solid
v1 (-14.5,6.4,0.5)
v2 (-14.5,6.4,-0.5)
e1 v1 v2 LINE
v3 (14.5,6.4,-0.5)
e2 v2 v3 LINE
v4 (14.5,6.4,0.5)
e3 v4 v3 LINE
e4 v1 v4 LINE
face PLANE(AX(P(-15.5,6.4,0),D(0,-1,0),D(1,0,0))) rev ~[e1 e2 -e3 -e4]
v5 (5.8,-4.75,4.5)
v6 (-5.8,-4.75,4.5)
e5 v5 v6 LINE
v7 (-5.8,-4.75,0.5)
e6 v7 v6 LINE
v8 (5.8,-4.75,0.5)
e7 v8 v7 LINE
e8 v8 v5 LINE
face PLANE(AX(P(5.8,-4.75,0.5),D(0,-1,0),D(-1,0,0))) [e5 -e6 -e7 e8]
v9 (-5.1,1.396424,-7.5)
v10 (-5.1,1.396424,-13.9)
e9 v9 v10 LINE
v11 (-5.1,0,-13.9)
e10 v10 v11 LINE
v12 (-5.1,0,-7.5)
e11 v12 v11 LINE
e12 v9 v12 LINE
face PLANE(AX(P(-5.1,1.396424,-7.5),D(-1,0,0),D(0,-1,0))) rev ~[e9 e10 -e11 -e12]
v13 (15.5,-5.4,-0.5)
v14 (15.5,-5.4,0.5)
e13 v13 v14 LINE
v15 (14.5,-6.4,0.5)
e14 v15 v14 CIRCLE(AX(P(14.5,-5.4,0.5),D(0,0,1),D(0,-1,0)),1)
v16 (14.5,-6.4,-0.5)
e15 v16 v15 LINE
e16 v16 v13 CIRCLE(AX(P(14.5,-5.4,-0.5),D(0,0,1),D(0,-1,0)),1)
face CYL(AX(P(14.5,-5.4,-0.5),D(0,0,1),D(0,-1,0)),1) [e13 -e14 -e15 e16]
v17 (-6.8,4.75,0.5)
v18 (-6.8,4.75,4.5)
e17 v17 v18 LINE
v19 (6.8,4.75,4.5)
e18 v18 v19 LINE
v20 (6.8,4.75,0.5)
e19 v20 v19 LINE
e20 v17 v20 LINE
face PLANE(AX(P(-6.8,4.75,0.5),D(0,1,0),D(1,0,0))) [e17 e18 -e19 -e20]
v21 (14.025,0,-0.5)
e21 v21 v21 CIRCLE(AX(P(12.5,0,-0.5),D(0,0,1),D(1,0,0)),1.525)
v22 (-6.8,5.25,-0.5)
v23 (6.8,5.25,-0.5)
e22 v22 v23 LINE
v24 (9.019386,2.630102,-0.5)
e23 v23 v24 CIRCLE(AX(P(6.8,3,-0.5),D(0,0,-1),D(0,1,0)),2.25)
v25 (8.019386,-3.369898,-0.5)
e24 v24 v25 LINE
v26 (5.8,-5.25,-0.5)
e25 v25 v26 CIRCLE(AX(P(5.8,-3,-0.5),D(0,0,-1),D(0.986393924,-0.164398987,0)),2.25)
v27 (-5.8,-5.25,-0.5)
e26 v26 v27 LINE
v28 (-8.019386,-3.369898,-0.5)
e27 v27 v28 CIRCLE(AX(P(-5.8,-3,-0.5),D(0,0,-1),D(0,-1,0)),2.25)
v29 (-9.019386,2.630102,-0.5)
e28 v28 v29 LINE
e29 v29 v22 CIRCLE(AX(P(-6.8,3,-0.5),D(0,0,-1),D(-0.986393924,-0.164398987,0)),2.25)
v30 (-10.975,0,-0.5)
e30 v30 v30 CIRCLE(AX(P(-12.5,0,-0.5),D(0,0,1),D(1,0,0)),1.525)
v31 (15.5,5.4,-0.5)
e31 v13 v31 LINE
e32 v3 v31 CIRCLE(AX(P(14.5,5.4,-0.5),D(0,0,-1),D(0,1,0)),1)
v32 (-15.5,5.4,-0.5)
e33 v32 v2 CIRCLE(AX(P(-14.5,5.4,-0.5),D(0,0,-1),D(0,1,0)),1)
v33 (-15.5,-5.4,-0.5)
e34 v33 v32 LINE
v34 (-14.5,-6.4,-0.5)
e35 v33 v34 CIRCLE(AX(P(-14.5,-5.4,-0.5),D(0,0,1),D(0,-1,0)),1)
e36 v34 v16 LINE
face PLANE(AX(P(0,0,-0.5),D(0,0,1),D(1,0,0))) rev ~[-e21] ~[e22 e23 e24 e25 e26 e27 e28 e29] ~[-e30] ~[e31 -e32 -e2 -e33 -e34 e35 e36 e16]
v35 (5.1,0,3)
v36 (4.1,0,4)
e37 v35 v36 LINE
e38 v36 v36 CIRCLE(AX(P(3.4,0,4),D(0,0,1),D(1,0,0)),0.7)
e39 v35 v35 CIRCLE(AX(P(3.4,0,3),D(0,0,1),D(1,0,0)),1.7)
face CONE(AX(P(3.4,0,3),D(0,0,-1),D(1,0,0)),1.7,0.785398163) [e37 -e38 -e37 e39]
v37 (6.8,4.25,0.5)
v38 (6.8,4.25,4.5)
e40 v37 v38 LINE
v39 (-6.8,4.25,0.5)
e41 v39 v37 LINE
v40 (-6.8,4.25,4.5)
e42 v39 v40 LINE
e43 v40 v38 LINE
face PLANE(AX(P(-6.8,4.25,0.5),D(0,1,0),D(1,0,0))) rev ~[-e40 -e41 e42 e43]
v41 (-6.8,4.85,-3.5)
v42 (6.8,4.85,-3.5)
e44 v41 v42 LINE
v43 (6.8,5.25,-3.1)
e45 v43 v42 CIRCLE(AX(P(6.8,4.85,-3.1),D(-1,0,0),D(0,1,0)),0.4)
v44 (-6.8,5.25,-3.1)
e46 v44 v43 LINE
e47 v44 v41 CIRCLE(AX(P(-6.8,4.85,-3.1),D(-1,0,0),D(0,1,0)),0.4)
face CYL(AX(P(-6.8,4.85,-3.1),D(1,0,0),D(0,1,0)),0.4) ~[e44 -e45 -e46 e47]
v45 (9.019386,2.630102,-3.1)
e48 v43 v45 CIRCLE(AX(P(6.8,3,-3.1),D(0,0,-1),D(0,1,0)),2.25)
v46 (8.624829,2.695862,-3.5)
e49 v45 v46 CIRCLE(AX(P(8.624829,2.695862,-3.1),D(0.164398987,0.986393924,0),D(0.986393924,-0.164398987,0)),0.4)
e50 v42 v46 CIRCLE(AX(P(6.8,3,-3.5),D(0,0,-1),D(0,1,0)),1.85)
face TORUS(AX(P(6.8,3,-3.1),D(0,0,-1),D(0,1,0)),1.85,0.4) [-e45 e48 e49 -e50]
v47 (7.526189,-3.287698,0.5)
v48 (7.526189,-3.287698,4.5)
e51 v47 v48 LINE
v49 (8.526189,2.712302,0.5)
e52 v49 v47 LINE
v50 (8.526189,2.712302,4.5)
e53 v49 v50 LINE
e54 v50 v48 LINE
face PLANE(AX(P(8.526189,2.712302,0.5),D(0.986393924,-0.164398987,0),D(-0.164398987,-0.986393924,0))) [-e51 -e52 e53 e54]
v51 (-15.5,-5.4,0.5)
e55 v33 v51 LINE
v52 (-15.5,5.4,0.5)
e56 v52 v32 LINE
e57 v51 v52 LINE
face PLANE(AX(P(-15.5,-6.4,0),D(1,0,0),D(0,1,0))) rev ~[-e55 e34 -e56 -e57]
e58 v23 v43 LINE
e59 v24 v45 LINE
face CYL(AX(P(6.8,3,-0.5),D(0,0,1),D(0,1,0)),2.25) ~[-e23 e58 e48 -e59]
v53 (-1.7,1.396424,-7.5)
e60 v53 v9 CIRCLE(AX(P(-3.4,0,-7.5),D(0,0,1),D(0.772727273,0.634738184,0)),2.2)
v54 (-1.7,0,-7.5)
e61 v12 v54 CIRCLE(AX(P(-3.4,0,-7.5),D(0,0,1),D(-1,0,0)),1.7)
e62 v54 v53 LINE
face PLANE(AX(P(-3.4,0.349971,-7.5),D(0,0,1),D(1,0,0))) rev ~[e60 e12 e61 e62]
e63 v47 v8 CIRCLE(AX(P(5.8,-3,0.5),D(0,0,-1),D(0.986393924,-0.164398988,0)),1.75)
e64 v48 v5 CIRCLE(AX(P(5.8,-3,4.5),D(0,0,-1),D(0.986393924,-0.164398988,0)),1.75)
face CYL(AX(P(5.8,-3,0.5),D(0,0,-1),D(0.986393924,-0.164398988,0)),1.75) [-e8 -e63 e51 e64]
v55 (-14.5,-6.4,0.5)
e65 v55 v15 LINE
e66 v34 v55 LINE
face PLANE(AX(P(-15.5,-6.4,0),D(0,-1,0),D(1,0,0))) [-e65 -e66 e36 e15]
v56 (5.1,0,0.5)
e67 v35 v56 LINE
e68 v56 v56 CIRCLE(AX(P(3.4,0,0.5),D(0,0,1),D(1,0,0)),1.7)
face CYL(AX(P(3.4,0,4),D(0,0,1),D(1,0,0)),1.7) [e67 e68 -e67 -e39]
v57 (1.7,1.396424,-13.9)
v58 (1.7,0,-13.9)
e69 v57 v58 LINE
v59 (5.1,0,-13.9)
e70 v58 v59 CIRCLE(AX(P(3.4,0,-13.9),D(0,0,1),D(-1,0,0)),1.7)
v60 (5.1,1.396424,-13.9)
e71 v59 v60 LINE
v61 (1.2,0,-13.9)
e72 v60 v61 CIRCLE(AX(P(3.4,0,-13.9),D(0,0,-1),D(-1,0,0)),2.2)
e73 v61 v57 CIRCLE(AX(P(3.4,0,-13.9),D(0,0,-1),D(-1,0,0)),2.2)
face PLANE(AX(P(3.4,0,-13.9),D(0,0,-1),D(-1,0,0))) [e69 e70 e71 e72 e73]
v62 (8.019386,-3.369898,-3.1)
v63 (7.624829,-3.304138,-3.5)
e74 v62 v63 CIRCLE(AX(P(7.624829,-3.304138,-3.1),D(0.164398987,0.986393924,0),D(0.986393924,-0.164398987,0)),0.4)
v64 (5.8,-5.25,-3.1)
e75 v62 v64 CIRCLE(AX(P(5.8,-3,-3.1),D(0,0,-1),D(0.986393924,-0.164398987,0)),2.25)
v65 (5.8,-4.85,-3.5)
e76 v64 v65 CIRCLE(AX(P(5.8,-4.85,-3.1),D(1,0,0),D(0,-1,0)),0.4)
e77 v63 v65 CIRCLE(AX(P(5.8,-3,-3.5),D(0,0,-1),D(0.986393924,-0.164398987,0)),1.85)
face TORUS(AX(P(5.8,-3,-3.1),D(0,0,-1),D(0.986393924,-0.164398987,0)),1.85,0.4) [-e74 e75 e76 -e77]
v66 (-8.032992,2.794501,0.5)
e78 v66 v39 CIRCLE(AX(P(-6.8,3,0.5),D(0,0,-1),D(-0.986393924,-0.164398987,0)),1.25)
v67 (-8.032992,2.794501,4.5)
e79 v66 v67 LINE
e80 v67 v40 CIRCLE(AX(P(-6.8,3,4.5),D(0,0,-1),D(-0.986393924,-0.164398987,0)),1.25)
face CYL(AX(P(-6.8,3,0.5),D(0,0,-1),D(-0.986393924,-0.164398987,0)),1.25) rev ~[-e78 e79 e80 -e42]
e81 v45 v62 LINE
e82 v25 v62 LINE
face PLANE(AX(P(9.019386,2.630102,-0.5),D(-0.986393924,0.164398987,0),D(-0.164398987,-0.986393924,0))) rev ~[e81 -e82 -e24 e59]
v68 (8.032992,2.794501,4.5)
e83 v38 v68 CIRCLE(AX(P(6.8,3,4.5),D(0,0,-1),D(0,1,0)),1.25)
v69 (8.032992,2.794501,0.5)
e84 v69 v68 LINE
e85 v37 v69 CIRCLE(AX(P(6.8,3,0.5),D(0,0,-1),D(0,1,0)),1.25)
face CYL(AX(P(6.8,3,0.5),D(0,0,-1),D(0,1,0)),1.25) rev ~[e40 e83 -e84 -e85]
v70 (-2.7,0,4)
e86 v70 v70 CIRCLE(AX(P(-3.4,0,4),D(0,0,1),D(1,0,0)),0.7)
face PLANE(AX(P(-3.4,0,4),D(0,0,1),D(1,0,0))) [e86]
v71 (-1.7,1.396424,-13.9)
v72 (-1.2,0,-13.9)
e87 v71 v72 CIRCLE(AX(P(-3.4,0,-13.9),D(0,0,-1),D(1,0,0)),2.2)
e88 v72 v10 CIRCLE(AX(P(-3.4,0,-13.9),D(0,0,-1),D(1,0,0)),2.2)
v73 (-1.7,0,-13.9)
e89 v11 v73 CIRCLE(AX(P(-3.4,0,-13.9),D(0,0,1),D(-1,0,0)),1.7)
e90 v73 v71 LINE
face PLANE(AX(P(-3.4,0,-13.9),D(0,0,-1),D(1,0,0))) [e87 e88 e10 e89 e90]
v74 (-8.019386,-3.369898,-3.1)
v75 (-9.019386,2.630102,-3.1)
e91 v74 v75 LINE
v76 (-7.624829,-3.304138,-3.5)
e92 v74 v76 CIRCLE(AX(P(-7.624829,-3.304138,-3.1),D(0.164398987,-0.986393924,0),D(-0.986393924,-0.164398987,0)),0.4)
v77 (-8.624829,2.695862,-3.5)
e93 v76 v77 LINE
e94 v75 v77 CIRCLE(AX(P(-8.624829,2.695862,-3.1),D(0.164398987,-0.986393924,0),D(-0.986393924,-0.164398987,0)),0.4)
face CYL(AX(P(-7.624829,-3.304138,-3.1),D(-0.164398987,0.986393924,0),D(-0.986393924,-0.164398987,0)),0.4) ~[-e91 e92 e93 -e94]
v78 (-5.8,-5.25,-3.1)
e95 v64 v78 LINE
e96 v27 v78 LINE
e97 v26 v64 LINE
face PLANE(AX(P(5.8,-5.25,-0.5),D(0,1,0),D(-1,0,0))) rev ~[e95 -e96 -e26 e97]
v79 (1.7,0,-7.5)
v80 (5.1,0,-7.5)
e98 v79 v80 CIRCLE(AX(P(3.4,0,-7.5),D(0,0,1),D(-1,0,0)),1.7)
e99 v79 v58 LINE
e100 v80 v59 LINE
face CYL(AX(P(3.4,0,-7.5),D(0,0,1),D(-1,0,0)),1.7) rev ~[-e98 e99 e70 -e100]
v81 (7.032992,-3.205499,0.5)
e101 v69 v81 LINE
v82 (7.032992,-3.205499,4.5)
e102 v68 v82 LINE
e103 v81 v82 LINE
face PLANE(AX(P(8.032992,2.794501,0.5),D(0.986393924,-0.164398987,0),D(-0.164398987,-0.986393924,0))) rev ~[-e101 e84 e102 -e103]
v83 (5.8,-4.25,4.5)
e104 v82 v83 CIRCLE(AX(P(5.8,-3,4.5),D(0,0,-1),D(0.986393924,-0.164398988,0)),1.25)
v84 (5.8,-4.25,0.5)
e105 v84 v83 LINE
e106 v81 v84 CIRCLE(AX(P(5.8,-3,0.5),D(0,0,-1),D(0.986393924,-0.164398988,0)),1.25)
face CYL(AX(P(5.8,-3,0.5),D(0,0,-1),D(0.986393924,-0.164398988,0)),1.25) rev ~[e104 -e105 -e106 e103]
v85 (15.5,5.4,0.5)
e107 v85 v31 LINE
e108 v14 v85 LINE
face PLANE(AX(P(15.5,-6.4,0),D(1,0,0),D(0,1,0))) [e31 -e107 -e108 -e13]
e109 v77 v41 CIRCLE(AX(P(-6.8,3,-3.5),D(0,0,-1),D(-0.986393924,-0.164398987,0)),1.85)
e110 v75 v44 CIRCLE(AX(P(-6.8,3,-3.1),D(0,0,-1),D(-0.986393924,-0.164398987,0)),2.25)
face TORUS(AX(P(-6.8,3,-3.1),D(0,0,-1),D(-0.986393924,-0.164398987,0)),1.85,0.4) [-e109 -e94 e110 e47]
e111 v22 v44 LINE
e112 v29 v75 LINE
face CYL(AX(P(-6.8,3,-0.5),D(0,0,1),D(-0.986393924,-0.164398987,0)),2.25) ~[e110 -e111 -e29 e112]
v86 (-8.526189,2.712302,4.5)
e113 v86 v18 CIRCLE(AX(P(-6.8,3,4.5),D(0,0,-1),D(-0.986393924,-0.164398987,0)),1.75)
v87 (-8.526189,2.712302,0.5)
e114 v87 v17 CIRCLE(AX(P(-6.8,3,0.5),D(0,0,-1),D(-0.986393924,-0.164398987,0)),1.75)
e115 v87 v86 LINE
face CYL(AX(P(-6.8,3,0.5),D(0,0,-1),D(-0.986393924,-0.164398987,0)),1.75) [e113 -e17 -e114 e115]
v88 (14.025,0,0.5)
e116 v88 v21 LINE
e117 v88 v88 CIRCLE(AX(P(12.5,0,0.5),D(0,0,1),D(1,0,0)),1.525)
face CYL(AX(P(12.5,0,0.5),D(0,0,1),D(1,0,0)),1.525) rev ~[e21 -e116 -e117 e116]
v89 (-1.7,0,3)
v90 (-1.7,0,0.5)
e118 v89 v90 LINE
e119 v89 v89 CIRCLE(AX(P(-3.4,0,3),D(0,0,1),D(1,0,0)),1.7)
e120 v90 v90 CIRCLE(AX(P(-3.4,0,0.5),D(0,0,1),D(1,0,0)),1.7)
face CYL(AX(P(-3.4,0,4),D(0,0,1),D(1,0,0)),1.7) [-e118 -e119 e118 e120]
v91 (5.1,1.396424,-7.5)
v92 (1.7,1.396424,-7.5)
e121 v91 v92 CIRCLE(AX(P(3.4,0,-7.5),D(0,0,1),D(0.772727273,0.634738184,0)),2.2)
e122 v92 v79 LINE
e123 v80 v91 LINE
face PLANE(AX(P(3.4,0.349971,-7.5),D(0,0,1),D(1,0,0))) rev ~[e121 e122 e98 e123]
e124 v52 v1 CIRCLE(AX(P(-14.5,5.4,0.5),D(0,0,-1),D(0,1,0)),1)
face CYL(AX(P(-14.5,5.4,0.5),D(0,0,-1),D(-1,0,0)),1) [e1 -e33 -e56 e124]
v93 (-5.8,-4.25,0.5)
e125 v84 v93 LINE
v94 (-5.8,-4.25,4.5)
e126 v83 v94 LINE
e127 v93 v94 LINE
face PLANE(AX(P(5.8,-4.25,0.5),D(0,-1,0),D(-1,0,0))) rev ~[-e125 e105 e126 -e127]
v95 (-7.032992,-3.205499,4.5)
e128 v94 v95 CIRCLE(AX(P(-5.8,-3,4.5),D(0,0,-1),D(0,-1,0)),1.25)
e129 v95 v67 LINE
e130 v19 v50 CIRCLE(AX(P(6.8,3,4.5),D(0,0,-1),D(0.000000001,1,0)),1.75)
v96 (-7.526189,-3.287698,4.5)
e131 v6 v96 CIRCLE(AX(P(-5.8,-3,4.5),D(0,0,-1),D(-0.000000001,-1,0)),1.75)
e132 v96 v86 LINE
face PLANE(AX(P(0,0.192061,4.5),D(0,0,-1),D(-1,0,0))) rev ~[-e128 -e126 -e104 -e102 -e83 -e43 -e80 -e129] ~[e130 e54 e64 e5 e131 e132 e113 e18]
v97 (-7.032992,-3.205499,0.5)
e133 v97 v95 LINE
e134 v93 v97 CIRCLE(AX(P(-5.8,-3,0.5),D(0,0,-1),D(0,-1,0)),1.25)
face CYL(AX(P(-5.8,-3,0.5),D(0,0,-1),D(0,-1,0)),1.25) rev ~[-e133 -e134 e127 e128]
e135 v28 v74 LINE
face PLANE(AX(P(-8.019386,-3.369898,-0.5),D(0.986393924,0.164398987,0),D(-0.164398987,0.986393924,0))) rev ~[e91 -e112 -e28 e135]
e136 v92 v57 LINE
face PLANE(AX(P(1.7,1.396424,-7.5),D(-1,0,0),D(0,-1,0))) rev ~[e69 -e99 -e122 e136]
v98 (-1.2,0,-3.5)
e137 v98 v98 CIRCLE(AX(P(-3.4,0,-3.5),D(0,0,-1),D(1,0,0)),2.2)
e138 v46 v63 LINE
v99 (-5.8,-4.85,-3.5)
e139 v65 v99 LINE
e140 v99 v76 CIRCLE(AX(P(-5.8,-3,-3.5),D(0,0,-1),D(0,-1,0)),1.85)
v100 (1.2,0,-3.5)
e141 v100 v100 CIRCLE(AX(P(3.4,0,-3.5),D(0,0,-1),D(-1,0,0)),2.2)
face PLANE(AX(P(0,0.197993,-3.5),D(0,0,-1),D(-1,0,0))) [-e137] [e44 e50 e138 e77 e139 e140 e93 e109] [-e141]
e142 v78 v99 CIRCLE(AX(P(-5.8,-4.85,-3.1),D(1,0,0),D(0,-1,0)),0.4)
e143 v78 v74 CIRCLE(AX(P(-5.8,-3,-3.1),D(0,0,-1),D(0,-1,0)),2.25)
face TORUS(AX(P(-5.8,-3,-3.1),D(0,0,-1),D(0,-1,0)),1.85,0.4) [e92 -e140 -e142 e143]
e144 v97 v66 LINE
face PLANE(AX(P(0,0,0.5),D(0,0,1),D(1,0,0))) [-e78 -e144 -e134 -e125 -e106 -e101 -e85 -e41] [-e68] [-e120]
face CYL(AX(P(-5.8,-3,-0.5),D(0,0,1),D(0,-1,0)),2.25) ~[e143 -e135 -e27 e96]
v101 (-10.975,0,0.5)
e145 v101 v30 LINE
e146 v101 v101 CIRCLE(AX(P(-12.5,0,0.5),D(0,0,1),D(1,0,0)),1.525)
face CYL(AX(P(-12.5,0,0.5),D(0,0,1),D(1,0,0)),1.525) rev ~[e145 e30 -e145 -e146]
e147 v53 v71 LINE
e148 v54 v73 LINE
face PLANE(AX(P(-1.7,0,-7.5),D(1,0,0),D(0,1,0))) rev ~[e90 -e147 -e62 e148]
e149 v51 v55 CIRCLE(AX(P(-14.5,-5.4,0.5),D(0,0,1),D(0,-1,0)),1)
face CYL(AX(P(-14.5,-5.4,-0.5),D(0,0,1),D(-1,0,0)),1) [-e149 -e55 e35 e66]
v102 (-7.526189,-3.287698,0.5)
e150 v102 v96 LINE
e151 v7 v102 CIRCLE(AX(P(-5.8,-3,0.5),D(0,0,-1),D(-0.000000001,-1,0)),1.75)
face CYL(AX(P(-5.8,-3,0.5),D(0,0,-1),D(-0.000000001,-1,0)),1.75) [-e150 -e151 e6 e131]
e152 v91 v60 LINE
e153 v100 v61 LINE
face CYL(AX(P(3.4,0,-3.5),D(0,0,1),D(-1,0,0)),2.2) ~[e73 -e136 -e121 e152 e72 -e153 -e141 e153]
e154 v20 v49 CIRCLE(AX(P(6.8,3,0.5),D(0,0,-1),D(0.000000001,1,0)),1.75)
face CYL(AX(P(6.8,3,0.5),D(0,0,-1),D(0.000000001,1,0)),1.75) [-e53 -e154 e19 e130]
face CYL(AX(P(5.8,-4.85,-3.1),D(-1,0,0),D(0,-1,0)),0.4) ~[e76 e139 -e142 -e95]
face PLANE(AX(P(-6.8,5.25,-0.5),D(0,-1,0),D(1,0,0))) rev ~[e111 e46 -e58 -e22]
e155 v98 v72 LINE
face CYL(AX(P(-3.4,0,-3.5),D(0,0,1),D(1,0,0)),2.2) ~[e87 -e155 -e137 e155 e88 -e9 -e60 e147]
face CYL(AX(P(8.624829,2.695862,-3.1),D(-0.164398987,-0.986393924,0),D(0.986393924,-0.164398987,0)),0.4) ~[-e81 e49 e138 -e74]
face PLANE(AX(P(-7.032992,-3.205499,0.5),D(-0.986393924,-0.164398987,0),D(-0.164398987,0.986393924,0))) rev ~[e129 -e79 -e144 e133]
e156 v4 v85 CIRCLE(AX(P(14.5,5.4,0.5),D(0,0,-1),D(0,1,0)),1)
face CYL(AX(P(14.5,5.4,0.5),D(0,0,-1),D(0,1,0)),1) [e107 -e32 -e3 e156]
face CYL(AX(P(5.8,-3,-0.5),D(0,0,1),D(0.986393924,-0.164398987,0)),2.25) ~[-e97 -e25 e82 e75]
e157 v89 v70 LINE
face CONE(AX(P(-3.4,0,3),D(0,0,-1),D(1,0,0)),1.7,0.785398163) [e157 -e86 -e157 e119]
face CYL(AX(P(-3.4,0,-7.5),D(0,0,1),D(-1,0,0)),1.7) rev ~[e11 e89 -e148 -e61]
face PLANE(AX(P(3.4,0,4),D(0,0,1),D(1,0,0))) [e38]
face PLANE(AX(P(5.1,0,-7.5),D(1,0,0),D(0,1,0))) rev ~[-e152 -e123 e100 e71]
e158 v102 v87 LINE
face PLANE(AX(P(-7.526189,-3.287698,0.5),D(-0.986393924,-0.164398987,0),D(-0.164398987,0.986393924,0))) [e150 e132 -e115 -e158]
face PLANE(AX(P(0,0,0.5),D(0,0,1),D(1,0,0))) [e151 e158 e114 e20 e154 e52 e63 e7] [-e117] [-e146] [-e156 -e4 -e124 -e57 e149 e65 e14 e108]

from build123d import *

# Parameters (mm, degrees)
SKETCH1_W           = 31
SKETCH1_H           = 12.8
BOSS_EXTRUDE1_DEPTH = 0.5
SKETCH2_R           = 1.525
CUT_EXTRUDE1_DEPTH  = 17.799107119
BOSS_EXTRUDE5_DEPTH = 4
BOSS_EXTRUDE3_DEPTH = 3
SKETCH6_R           = 2.2
BOSS_EXTRUDE4_DEPTH = 10.4
CUT_EXTRUDE2_START  = -6.4
CUT_EXTRUDE2_DEPTH  = 6.4
BOSS_EXTRUDE6_START = 3.5
SKETCH12_R          = 1.7
BOSS_EXTRUDE6_DEPTH = 3.5
CHAMFER1_SIZE       = 1
FILLET1_R           = 1
FILLET2_R           = 0.4


with BuildPart() as part:
    # Sketch1 → Boss-Extrude1 (new, symmetric)
    with BuildSketch(Plane.XY):
        Rectangle(SKETCH1_W, SKETCH1_H)
    extrude(amount=BOSS_EXTRUDE1_DEPTH, both=True)

    # Sketch2 → Cut-Extrude1 (cut, through all)
    with BuildSketch(Plane.XY.offset(0.5)):
        with Locations((12.5, 0)):
            Circle(SKETCH2_R)
        with Locations((-12.5, 0)):
            Circle(SKETCH2_R)
    extrude(amount=-CUT_EXTRUDE1_DEPTH, mode=Mode.SUBTRACT)

    # Sketch10 → Boss-Extrude5 (add)
    with BuildSketch(Plane.XY.offset(0.5)):
        with BuildLine():
            Line((-7.526189367, -3.287698228), (-8.526189367, 2.712301772))
            ThreePointArc((-8.526189367, 2.712301772), (-8.135284969, 4.131156068), (-6.8, 4.75))
            Line((-6.8, 4.75), (6.8, 4.75))
            ThreePointArc((6.8, 4.75), (8.135284969, 4.131156068), (8.526189367, 2.712301772))
            Line((8.526189367, 2.712301772), (7.526189367, -3.287698228))
            ThreePointArc((7.526189367, -3.287698228), (6.931156068, -4.335284969), (5.8, -4.75))
            Line((5.8, -4.75), (-5.8, -4.75))
            ThreePointArc((-5.8, -4.75), (-6.931156068, -4.335284969), (-7.526189367, -3.287698228))
        make_face()
        with BuildLine():
            Line((-7.032992405, -3.205498734), (-8.032992405, 2.794501266))
            ThreePointArc((-8.032992405, 2.794501266), (-7.753774978, 3.80796862), (-6.8, 4.25))
            Line((-6.8, 4.25), (6.8, 4.25))
            ThreePointArc((6.8, 4.25), (7.753774978, 3.80796862), (8.032992405, 2.794501266))
            Line((8.032992405, 2.794501266), (7.032992405, -3.205498734))
            ThreePointArc((7.032992405, -3.205498734), (6.60796862, -3.953774978), (5.8, -4.25))
            Line((5.8, -4.25), (-5.8, -4.25))
            ThreePointArc((-5.8, -4.25), (-6.60796862, -3.953774978), (-7.032992405, -3.205498734))
        make_face(mode=Mode.SUBTRACT)
    extrude(amount=BOSS_EXTRUDE5_DEPTH)

    # Sketch5 → Boss-Extrude3 (add)
    with BuildSketch(Plane(origin=(0, 0, -0.5), x_dir=(-1, 0, 0), z_dir=(0, 0, -1))):
        with BuildLine():
            Line((8.019386329, -3.369897721), (9.019386329, 2.630102279))
            ThreePointArc((9.019386329, 2.630102279), (8.516794961, 4.454343516), (6.8, 5.25))
            Line((6.8, 5.25), (-6.8, 5.25))
            ThreePointArc((-6.8, 5.25), (-8.516794961, 4.454343516), (-9.019386329, 2.630102279))
            Line((-9.019386329, 2.630102279), (-8.019386329, -3.369897721))
            ThreePointArc((-8.019386329, -3.369897721), (-7.254343516, -4.716794961), (-5.8, -5.25))
            Line((-5.8, -5.25), (5.8, -5.25))
            ThreePointArc((5.8, -5.25), (7.254343516, -4.716794961), (8.019386329, -3.369897721))
        make_face()
    extrude(amount=BOSS_EXTRUDE3_DEPTH)

    # Sketch6 → Boss-Extrude4 (add)
    with BuildSketch(Plane(origin=(0, 0, -3.5), x_dir=(-1, 0, 0), z_dir=(0, 0, -1))):
        with Locations((-3.4, 0)):
            Circle(SKETCH6_R)
        with Locations(Location((3.4, 0, 0), (0, 0, 180))):
            Circle(SKETCH6_R)
    extrude(amount=BOSS_EXTRUDE4_DEPTH)

    # Sketch7 → Cut-Extrude2 (cut)
    with BuildSketch(Plane(origin=(0, 0, -13.9), x_dir=(-1, 0, 0), z_dir=(0, 0, -1)).offset(CUT_EXTRUDE2_START)):
        with BuildLine():
            Line((-5.1, 0), (-5.1, 1.396424004))
            ThreePointArc((-5.1, 1.396424004), (-3.4, 2.2), (-1.7, 1.396424004))
            Line((-1.7, 1.396424004), (-1.7, 0))
            ThreePointArc((-1.7, 0), (-3.4, -1.7), (-5.1, 0))
        make_face()
        with BuildLine():
            Line((1.7, 0), (1.7, 1.396424004))
            ThreePointArc((1.7, 1.396424004), (3.4, 2.2), (5.1, 1.396424004))
            Line((5.1, 1.396424004), (5.1, 0))
            ThreePointArc((5.1, 0), (3.4, -1.7), (1.7, 0))
        make_face()
    extrude(amount=CUT_EXTRUDE2_DEPTH, mode=Mode.SUBTRACT)

    # Sketch12 → Boss-Extrude6 (add)
    with BuildSketch(Plane.XY.offset(0.5).offset(BOSS_EXTRUDE6_START)):
        with Locations((-3.4, 0)):
            Circle(SKETCH12_R)
        with Locations((3.4, 0)):
            Circle(SKETCH12_R)
    extrude(amount=-BOSS_EXTRUDE6_DEPTH)

    # Chamfer1
    chamfer1_edges = [part.edges().sort_by_distance(p)[0] for p in [
        (-5.1, 0, 4),
        (1.7, 0, 4),
    ]]
    chamfer(chamfer1_edges, length=CHAMFER1_SIZE)

    # Fillet1
    fillet1_edges = [part.edges().sort_by_distance(p)[0] for p in [
        (-15.5, 6.4, 0),
        (15.5, 6.4, 0),
        (15.5, -6.4, 0),
        (-15.5, -6.4, 0),
    ]]
    fillet(fillet1_edges, radius=FILLET1_R)

    # Fillet2
    fillet2_edges = [part.edges().sort_by_distance(p)[0] for p in [
        (-8.516794961, 4.454343516, -3.5),
        (0, 5.25, -3.5),
        (8.516794961, 4.454343516, -3.5),
        (8.519386329, -0.369897721, -3.5),
        (7.254343516, -4.716794961, -3.5),
        (0, -5.25, -3.5),
        (-7.254343516, -4.716794961, -3.5),
        (-8.519386329, -0.369897721, -3.5),
    ]]
    fillet(fillet2_edges, radius=FILLET2_R)


solid = part.part
